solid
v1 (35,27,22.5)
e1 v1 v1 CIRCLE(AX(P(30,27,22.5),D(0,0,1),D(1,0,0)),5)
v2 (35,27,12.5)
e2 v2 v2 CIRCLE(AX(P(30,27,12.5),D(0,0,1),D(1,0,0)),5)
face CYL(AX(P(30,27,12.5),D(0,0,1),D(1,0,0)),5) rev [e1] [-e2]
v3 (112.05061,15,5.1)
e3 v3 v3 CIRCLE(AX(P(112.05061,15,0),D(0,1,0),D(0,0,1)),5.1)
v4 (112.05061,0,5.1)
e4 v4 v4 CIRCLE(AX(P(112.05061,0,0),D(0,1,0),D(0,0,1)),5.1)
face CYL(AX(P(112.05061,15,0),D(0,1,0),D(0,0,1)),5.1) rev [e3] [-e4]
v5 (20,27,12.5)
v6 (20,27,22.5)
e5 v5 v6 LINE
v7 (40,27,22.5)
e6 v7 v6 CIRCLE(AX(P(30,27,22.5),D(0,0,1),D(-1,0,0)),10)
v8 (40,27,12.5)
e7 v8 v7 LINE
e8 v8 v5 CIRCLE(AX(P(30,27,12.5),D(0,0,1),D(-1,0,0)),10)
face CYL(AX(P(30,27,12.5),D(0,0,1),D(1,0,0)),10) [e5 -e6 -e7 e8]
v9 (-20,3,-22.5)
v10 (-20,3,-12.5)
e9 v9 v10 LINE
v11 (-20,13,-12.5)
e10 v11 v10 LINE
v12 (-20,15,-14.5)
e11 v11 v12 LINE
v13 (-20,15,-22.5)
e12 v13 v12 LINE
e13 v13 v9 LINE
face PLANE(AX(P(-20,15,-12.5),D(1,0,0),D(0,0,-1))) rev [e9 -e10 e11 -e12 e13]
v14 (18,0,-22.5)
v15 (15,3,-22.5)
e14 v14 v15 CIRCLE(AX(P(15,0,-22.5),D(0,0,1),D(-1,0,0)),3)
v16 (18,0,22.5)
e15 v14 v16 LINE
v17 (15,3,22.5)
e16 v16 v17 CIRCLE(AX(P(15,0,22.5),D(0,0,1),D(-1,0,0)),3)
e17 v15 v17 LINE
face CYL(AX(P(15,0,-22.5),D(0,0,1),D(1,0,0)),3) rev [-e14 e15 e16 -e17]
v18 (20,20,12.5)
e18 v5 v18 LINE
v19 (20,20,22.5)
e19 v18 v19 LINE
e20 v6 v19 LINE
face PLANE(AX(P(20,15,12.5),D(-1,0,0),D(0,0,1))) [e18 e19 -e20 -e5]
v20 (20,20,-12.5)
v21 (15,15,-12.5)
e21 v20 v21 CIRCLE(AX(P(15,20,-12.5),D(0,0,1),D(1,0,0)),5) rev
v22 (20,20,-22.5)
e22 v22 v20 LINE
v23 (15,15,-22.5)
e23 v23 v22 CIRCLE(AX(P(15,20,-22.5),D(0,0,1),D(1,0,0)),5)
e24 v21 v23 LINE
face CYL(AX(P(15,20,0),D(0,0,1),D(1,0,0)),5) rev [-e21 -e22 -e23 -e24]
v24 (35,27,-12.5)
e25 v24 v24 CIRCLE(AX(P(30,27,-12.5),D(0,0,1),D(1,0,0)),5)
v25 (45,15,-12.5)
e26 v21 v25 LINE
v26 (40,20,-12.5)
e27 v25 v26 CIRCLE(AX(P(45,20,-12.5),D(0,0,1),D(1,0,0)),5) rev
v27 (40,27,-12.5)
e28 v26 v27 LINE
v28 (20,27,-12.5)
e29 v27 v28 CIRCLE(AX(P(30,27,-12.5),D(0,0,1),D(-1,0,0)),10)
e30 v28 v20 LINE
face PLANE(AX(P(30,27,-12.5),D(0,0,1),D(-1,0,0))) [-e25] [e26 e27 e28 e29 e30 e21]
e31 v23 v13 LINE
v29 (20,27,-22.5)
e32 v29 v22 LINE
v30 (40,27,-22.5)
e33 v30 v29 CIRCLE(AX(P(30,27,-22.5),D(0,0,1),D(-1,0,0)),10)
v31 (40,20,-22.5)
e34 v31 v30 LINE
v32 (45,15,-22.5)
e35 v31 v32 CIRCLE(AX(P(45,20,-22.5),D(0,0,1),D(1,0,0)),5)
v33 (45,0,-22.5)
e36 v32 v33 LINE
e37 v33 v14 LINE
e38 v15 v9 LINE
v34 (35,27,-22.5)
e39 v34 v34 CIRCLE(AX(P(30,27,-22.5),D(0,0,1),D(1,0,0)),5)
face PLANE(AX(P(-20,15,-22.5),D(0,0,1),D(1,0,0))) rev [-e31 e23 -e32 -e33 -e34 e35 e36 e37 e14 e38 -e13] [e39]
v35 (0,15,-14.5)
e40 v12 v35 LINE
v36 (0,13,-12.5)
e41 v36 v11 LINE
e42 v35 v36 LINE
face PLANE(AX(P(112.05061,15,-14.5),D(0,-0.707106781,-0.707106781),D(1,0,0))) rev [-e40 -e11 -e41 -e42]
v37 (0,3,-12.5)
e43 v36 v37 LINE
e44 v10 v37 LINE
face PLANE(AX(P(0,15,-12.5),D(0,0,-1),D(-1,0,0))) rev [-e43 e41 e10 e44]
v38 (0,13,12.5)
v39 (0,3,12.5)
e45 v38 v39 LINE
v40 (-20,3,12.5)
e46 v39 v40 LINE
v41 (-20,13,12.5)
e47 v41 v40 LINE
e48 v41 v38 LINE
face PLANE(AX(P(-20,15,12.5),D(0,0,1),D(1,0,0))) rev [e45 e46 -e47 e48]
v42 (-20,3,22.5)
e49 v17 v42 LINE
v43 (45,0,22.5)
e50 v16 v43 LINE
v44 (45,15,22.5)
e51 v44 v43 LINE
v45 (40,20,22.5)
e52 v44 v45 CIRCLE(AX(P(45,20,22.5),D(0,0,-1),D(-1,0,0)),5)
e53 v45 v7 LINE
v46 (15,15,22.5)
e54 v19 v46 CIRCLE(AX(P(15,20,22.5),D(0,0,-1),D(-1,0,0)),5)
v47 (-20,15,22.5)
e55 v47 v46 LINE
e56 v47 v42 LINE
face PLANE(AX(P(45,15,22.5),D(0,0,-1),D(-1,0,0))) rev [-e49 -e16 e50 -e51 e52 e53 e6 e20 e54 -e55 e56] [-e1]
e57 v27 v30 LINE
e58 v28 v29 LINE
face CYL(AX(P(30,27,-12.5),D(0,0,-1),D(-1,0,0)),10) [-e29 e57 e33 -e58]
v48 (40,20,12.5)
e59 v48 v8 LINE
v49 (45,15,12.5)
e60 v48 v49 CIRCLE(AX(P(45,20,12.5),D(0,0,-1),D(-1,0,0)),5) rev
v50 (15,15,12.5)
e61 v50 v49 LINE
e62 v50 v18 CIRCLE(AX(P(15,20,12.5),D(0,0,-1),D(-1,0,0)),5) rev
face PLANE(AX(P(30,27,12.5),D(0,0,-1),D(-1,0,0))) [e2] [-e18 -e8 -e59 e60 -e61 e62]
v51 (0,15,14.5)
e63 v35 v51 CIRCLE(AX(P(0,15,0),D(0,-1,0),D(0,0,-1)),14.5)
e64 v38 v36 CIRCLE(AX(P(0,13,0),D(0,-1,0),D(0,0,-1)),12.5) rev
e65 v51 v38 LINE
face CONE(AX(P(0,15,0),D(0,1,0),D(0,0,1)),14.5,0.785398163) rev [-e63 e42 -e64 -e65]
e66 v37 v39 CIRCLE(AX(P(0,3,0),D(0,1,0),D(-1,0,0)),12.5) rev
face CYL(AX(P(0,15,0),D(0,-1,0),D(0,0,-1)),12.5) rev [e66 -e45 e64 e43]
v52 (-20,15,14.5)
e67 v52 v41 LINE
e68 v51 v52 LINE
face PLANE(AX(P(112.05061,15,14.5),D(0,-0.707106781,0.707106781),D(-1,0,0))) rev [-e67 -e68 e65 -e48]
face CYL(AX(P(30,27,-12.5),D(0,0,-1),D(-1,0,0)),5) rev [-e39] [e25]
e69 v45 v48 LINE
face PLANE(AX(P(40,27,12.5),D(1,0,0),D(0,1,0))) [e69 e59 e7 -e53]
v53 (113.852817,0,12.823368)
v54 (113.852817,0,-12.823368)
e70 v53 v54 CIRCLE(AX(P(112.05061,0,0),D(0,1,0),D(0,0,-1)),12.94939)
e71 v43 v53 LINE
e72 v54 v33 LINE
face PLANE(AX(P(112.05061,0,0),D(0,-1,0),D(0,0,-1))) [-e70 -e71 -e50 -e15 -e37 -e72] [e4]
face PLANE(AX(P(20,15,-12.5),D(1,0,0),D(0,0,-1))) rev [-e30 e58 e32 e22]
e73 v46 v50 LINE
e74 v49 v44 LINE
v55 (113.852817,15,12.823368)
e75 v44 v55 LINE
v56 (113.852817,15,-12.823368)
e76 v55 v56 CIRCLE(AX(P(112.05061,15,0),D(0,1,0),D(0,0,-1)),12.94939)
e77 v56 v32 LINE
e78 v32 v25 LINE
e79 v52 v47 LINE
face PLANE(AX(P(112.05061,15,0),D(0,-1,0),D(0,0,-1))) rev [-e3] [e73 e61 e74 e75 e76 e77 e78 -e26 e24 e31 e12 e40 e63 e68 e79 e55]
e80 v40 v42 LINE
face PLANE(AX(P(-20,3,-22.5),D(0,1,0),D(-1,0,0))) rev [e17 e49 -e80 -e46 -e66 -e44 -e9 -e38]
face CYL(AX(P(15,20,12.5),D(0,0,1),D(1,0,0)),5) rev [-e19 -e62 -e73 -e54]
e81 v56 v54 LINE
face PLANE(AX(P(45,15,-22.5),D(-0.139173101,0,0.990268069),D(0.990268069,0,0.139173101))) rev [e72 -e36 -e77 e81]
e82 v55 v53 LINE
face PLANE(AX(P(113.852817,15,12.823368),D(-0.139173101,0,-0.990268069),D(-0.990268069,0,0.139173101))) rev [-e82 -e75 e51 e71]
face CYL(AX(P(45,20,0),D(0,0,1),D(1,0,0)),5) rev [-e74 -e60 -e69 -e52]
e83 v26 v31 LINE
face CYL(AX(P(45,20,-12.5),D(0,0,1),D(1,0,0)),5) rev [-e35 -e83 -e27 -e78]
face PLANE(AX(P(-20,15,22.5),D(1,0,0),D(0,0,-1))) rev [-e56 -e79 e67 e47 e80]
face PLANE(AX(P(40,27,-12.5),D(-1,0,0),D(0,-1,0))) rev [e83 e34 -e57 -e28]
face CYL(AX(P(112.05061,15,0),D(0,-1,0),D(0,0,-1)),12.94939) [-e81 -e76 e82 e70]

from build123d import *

# Parameters (mm, degrees)
DODANIE_WYCI_GNI_CIE1_DEPTH = 15
WYTNIJ_WYCI_GNI_CIE1_DEPTH  = 46
SZKIC3_R                    = 5
DODANIE_WYCI_GNI_CIE2_DEPTH = 10
ZAOKR_GLENIE1_R             = 5
ZAOKR_GLENIE1_OF_LUSTRO1_R  = 5
SFAZOWANIE1_SIZE            = 2
OTW_R_GWINTOWANY_M121_D     = 10.2


with BuildPart() as part:
    # Szkic1 → Dodanie-wyciągnięcie1 (new body)
    with BuildSketch(Plane(origin=(0, 0, 0), x_dir=(1, 0, 0), z_dir=(0, 1, 0))):
        with BuildLine():
            Line((-20, 12.5), (-20, 22.5))
            Line((-20, 22.5), (45, 22.5))
            Line((45, 22.5), (113.85281653, 12.823367693))
            ThreePointArc((113.85281653, 12.823367693), (125, 0), (113.85281653, -12.823367693))
            Line((113.85281653, -12.823367693), (45, -22.5))
            Line((45, -22.5), (-20, -22.5))
            Line((-20, -22.5), (-20, -12.5))
            Line((-20, -12.5), (0, -12.5))
            ThreePointArc((0, -12.5), (12.5, 0), (0, 12.5))
            Line((0, 12.5), (-20, 12.5))
        make_face()
    extrude(amount=DODANIE_WYCI_GNI_CIE1_DEPTH)

    # Szkic2 → Wytnij-wyciągnięcie1 (cut, through all)
    with BuildSketch(Plane.XY.offset(22.5)):
        with BuildLine():
            Line((-20, 3), (15, 3))
            ThreePointArc((15, 3), (17.121320344, 2.121320344), (18, 0))
            Line((18, 0), (-20, 0))
            Line((-20, 0), (-20, 3))
        make_face()
    extrude(amount=-WYTNIJ_WYCI_GNI_CIE1_DEPTH, mode=Mode.SUBTRACT)

    # Szkic3 → Dodanie-wyciągnięcie2 (add)
    with BuildSketch(Plane.XY.offset(22.5)):
        with BuildLine():
            Line((20, 15), (20, 27))
            ThreePointArc((20, 27), (30, 37), (40, 27))
            Line((40, 27), (40, 15))
            Line((40, 15), (20, 15))
        make_face()
        with Locations((30, 27)):
            Circle(SZKIC3_R, mode=Mode.SUBTRACT)
    dodanie_wyci_gni_cie2 = extrude(amount=-DODANIE_WYCI_GNI_CIE2_DEPTH)

    # Zaokrąglenie1
    zaokr_glenie1_edges = [part.edges().sort_by_distance(p)[0] for p in [
        (40, 15, 17.5),
        (20, 15, 17.5),
    ]]
    fillet(zaokr_glenie1_edges, radius=ZAOKR_GLENIE1_R)

    # Lustro1: Dodanie-wyciągnięcie2 across plane
    add(dodanie_wyci_gni_cie2.mirror(Plane.XY))

    # Zaokrąglenie1 of Lustro1
    zaokr_glenie1_of_lustro1_edges = [part.edges().sort_by_distance(p)[0] for p in [
        (40, 15, -17.5),
        (20, 15, -17.5),
    ]]
    fillet(zaokr_glenie1_of_lustro1_edges, radius=ZAOKR_GLENIE1_OF_LUSTRO1_R)

    # Sfazowanie1
    sfazowanie1_edges = [part.edges().sort_by_distance(p)[0] for p in [
        (-10, 15, 12.5),
        (-10, 15, -12.5),
        (12.5, 15, 0),
    ]]
    chamfer(sfazowanie1_edges, length=SFAZOWANIE1_SIZE)

    # Otwór gwintowany M121 (through all)
    with Locations(Plane(origin=(0, 15, 0), x_dir=(1, 0, 0), z_dir=(0, 1, 0))):
        with Locations((112.050609731, 0)):
            Hole(OTW_R_GWINTOWANY_M121_D / 2)


solid = part.part
